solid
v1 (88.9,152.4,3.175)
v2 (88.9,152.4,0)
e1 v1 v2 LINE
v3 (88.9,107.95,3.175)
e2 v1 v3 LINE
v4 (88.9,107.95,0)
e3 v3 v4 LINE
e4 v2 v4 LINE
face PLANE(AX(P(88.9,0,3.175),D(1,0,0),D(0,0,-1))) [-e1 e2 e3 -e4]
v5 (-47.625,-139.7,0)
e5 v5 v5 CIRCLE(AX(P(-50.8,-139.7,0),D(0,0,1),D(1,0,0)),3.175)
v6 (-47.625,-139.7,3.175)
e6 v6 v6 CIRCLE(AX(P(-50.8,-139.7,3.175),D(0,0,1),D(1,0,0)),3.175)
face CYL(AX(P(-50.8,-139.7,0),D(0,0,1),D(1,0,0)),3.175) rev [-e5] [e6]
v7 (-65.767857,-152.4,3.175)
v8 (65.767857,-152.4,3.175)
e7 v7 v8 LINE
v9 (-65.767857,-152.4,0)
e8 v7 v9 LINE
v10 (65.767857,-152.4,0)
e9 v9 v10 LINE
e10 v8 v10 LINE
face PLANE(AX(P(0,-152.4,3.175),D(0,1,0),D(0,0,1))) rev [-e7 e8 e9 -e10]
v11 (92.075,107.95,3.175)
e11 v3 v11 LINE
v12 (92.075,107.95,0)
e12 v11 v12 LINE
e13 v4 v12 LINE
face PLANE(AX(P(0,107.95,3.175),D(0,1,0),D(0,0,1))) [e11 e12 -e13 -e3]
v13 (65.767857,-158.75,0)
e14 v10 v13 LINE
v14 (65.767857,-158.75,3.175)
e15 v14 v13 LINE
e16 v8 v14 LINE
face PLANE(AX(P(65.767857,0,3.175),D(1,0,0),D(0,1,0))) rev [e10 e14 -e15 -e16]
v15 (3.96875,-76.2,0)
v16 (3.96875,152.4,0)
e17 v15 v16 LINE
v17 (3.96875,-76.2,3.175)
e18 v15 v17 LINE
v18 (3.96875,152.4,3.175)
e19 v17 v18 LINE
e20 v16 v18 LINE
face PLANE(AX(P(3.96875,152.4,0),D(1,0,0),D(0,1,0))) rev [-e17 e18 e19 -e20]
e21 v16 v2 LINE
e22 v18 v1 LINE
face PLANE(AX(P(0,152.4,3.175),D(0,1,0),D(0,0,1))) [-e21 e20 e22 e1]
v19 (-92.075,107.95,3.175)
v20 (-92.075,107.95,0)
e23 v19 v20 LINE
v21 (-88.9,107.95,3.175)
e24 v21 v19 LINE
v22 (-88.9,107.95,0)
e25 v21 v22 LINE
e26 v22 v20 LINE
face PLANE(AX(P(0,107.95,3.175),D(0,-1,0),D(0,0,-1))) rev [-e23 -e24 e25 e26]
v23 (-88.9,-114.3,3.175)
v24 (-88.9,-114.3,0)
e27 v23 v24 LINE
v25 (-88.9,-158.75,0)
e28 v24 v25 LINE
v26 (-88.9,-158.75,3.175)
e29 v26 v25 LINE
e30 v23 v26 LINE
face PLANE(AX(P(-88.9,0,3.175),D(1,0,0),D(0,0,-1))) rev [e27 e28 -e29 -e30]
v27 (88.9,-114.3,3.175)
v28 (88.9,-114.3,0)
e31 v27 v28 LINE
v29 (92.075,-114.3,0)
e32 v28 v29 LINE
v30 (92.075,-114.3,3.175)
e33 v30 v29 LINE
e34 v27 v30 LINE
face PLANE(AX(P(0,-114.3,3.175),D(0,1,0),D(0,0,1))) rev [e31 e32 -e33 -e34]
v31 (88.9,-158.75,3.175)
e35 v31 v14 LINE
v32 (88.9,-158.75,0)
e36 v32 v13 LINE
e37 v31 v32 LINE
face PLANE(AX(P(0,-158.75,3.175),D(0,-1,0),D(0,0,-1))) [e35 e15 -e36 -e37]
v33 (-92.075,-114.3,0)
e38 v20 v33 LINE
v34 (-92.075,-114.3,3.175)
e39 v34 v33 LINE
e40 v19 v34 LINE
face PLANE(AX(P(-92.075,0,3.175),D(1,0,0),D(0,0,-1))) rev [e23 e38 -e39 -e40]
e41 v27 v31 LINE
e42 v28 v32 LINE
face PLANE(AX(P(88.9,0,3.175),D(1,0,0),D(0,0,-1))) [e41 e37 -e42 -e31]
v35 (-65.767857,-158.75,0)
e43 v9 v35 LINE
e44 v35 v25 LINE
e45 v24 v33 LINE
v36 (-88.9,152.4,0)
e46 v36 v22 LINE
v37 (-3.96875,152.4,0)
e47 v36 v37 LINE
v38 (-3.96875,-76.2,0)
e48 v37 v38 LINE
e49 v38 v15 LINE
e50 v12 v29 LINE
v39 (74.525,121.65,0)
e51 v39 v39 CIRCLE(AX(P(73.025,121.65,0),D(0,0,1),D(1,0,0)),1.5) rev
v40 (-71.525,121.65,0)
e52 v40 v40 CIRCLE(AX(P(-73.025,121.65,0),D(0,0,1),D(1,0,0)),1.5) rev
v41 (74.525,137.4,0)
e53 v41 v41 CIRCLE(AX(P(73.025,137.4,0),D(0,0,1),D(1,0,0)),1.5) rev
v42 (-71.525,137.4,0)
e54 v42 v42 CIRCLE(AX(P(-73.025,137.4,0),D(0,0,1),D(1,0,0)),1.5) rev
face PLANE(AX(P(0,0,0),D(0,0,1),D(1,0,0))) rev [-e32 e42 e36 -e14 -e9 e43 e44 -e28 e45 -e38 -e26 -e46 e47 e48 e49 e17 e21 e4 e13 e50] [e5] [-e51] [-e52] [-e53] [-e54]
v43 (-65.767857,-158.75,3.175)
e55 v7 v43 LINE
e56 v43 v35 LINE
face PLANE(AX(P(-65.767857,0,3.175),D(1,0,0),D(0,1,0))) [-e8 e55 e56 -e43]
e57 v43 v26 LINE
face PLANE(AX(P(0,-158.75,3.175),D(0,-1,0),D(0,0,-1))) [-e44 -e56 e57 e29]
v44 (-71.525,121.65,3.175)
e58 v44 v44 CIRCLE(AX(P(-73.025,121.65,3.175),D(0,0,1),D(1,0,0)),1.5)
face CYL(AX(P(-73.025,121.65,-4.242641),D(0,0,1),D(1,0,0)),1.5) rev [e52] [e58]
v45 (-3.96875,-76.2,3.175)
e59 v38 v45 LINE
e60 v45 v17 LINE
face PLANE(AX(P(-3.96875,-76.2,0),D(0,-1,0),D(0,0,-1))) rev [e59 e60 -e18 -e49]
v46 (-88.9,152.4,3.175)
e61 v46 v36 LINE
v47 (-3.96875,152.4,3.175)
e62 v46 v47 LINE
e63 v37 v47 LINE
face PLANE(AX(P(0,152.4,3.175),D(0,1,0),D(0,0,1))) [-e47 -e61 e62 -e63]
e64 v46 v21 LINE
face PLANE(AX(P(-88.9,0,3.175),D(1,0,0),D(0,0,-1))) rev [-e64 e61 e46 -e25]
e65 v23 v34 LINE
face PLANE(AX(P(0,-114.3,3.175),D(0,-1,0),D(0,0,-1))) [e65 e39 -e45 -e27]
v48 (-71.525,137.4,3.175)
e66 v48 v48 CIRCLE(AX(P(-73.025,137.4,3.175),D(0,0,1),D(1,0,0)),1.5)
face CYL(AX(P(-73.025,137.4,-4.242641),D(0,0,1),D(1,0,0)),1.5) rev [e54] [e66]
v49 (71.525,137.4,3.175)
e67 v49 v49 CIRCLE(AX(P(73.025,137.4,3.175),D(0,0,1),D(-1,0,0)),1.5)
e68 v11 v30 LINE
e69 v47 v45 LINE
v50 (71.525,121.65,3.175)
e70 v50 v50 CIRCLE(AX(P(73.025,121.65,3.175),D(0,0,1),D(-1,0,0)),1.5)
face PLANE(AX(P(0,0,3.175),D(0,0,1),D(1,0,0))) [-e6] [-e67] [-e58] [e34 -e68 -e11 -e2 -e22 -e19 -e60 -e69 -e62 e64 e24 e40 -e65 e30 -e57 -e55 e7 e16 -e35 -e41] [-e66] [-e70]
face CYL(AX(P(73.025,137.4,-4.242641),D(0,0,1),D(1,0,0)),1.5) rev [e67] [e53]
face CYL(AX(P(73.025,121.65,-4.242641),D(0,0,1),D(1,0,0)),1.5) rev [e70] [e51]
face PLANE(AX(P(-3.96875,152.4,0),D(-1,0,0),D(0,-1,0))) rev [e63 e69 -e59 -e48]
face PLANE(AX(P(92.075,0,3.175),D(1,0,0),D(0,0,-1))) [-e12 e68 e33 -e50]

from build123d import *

# Parameters (mm, degrees)
SKETCH2_W           = 3.175
SKETCH2_H           = 44.45
SKETCH2_W_2         = 23.132142857
SKETCH2_H_2         = 6.35
SKETCH2_W_3         = 26.307142857
BOSS_EXTRUDE1_DEPTH = 3.175
SKETCH3_W           = 7.9375
SKETCH3_H           = 228.6
CUT_EXTRUDE1_DEPTH  = 184.546857096
SKETCH4_R           = 3.175
CUT_EXTRUDE2_DEPTH  = 184.546857096
SKETCH5_R           = 1.5
CUT_EXTRUDE3_DEPTH  = 3.175
SKETCH6_W           = 3.175
SKETCH6_H           = 44.45
BOSS_EXTRUDE2_DEPTH = 3.175
SKETCH7_W           = 26.307142857
SKETCH7_H           = 6.35
CUT_EXTRUDE4_DEPTH  = 3.175


with BuildPart() as part:
    # Sketch2 → Boss-Extrude1 (new body)
    with BuildSketch(Plane.XY):
        Polygon((0, -152.4), (0, 152.4), (-88.9, 152.4), (-88.9, 107.95), (-88.9, 63.5), (-88.9, 19.05), (-88.9, -25.4), (-88.9, -69.85), (-88.9, -114.3), (-88.9, -152.4), (-65.767857143, -152.4), (-39.460714286, -152.4), (-13.153571429, -152.4), align=None)
        Polygon((88.9, 152.4), (0, 152.4), (0, -152.4), (13.153571429, -152.4), (39.460714286, -152.4), (65.767857143, -152.4), (88.9, -152.4), (88.9, -114.3), (88.9, -69.85), (88.9, -25.4), (88.9, 19.05), (88.9, 63.5), (88.9, 107.95), align=None)
        with Locations((-90.4875, 85.725)):
            Rectangle(SKETCH2_W, SKETCH2_H)
        with Locations((-90.4875, -3.175)):
            Rectangle(SKETCH2_W, SKETCH2_H)
        with Locations((-90.4875, -92.075)):
            Rectangle(SKETCH2_W, SKETCH2_H)
        with Locations((-77.333928571, -155.575)):
            Rectangle(SKETCH2_W_2, SKETCH2_H_2)
        with Locations((-26.307142858, -155.575)):
            Rectangle(SKETCH2_W_3, SKETCH2_H_2)
        with Locations((26.307142858, -155.575)):
            Rectangle(SKETCH2_W_3, SKETCH2_H_2)
        with Locations((90.4875, -92.075)):
            Rectangle(SKETCH2_W, SKETCH2_H)
        with Locations((90.4875, -3.175)):
            Rectangle(SKETCH2_W, SKETCH2_H)
        with Locations((90.4875, 85.725)):
            Rectangle(SKETCH2_W, SKETCH2_H)
        with Locations((77.333928571, -155.575)):
            Rectangle(SKETCH2_W_2, SKETCH2_H_2)
    extrude(amount=BOSS_EXTRUDE1_DEPTH)

    # Sketch3 → Cut-Extrude1 (cut, through all)
    with BuildSketch(Plane.XY.offset(3.175)):
        with Locations((0, 38.1)):
            Rectangle(SKETCH3_W, SKETCH3_H)
    extrude(amount=-CUT_EXTRUDE1_DEPTH, mode=Mode.SUBTRACT)

    # Sketch4 → Cut-Extrude2 (cut, through all)
    with BuildSketch(Plane.XY.offset(3.175)):
        with Locations((-50.8, -139.7)):
            Circle(SKETCH4_R)
    extrude(amount=-CUT_EXTRUDE2_DEPTH, mode=Mode.SUBTRACT)

    # Sketch5 → Cut-Extrude3 (cut)
    with BuildSketch(Plane.XY.offset(3.175)):
        with Locations((-73.025, 137.4)):
            Circle(SKETCH5_R)
        with Locations((-73.025, 121.65)):
            Circle(SKETCH5_R)
        with Locations((73.025, 121.65)):
            Circle(SKETCH5_R)
        with Locations((73.025, 137.4)):
            Circle(SKETCH5_R)
    extrude(amount=-CUT_EXTRUDE3_DEPTH, mode=Mode.SUBTRACT)

    # Sketch6 → Boss-Extrude2 (add)
    with BuildSketch(Plane.XY.offset(3.175)):
        with Locations((-90.4875, 41.275)):
            Rectangle(SKETCH6_W, SKETCH6_H)
        with Locations((-90.4875, -47.625)):
            Rectangle(SKETCH6_W, SKETCH6_H)
        with Locations((90.4875, 41.275)):
            Rectangle(SKETCH6_W, SKETCH6_H)
        with Locations((90.4875, -47.625)):
            Rectangle(SKETCH6_W, SKETCH6_H)
    extrude(amount=-BOSS_EXTRUDE2_DEPTH)

    # Sketch7 → Cut-Extrude4 (cut)
    with BuildSketch(Plane.XY.offset(3.175)):
        with Locations((-26.307142858, -155.575)):
            Rectangle(SKETCH7_W, SKETCH7_H)
        with Locations((26.307142858, -155.575)):
            Rectangle(SKETCH7_W, SKETCH7_H)
    extrude(amount=-CUT_EXTRUDE4_DEPTH, mode=Mode.SUBTRACT)


solid = part.part
